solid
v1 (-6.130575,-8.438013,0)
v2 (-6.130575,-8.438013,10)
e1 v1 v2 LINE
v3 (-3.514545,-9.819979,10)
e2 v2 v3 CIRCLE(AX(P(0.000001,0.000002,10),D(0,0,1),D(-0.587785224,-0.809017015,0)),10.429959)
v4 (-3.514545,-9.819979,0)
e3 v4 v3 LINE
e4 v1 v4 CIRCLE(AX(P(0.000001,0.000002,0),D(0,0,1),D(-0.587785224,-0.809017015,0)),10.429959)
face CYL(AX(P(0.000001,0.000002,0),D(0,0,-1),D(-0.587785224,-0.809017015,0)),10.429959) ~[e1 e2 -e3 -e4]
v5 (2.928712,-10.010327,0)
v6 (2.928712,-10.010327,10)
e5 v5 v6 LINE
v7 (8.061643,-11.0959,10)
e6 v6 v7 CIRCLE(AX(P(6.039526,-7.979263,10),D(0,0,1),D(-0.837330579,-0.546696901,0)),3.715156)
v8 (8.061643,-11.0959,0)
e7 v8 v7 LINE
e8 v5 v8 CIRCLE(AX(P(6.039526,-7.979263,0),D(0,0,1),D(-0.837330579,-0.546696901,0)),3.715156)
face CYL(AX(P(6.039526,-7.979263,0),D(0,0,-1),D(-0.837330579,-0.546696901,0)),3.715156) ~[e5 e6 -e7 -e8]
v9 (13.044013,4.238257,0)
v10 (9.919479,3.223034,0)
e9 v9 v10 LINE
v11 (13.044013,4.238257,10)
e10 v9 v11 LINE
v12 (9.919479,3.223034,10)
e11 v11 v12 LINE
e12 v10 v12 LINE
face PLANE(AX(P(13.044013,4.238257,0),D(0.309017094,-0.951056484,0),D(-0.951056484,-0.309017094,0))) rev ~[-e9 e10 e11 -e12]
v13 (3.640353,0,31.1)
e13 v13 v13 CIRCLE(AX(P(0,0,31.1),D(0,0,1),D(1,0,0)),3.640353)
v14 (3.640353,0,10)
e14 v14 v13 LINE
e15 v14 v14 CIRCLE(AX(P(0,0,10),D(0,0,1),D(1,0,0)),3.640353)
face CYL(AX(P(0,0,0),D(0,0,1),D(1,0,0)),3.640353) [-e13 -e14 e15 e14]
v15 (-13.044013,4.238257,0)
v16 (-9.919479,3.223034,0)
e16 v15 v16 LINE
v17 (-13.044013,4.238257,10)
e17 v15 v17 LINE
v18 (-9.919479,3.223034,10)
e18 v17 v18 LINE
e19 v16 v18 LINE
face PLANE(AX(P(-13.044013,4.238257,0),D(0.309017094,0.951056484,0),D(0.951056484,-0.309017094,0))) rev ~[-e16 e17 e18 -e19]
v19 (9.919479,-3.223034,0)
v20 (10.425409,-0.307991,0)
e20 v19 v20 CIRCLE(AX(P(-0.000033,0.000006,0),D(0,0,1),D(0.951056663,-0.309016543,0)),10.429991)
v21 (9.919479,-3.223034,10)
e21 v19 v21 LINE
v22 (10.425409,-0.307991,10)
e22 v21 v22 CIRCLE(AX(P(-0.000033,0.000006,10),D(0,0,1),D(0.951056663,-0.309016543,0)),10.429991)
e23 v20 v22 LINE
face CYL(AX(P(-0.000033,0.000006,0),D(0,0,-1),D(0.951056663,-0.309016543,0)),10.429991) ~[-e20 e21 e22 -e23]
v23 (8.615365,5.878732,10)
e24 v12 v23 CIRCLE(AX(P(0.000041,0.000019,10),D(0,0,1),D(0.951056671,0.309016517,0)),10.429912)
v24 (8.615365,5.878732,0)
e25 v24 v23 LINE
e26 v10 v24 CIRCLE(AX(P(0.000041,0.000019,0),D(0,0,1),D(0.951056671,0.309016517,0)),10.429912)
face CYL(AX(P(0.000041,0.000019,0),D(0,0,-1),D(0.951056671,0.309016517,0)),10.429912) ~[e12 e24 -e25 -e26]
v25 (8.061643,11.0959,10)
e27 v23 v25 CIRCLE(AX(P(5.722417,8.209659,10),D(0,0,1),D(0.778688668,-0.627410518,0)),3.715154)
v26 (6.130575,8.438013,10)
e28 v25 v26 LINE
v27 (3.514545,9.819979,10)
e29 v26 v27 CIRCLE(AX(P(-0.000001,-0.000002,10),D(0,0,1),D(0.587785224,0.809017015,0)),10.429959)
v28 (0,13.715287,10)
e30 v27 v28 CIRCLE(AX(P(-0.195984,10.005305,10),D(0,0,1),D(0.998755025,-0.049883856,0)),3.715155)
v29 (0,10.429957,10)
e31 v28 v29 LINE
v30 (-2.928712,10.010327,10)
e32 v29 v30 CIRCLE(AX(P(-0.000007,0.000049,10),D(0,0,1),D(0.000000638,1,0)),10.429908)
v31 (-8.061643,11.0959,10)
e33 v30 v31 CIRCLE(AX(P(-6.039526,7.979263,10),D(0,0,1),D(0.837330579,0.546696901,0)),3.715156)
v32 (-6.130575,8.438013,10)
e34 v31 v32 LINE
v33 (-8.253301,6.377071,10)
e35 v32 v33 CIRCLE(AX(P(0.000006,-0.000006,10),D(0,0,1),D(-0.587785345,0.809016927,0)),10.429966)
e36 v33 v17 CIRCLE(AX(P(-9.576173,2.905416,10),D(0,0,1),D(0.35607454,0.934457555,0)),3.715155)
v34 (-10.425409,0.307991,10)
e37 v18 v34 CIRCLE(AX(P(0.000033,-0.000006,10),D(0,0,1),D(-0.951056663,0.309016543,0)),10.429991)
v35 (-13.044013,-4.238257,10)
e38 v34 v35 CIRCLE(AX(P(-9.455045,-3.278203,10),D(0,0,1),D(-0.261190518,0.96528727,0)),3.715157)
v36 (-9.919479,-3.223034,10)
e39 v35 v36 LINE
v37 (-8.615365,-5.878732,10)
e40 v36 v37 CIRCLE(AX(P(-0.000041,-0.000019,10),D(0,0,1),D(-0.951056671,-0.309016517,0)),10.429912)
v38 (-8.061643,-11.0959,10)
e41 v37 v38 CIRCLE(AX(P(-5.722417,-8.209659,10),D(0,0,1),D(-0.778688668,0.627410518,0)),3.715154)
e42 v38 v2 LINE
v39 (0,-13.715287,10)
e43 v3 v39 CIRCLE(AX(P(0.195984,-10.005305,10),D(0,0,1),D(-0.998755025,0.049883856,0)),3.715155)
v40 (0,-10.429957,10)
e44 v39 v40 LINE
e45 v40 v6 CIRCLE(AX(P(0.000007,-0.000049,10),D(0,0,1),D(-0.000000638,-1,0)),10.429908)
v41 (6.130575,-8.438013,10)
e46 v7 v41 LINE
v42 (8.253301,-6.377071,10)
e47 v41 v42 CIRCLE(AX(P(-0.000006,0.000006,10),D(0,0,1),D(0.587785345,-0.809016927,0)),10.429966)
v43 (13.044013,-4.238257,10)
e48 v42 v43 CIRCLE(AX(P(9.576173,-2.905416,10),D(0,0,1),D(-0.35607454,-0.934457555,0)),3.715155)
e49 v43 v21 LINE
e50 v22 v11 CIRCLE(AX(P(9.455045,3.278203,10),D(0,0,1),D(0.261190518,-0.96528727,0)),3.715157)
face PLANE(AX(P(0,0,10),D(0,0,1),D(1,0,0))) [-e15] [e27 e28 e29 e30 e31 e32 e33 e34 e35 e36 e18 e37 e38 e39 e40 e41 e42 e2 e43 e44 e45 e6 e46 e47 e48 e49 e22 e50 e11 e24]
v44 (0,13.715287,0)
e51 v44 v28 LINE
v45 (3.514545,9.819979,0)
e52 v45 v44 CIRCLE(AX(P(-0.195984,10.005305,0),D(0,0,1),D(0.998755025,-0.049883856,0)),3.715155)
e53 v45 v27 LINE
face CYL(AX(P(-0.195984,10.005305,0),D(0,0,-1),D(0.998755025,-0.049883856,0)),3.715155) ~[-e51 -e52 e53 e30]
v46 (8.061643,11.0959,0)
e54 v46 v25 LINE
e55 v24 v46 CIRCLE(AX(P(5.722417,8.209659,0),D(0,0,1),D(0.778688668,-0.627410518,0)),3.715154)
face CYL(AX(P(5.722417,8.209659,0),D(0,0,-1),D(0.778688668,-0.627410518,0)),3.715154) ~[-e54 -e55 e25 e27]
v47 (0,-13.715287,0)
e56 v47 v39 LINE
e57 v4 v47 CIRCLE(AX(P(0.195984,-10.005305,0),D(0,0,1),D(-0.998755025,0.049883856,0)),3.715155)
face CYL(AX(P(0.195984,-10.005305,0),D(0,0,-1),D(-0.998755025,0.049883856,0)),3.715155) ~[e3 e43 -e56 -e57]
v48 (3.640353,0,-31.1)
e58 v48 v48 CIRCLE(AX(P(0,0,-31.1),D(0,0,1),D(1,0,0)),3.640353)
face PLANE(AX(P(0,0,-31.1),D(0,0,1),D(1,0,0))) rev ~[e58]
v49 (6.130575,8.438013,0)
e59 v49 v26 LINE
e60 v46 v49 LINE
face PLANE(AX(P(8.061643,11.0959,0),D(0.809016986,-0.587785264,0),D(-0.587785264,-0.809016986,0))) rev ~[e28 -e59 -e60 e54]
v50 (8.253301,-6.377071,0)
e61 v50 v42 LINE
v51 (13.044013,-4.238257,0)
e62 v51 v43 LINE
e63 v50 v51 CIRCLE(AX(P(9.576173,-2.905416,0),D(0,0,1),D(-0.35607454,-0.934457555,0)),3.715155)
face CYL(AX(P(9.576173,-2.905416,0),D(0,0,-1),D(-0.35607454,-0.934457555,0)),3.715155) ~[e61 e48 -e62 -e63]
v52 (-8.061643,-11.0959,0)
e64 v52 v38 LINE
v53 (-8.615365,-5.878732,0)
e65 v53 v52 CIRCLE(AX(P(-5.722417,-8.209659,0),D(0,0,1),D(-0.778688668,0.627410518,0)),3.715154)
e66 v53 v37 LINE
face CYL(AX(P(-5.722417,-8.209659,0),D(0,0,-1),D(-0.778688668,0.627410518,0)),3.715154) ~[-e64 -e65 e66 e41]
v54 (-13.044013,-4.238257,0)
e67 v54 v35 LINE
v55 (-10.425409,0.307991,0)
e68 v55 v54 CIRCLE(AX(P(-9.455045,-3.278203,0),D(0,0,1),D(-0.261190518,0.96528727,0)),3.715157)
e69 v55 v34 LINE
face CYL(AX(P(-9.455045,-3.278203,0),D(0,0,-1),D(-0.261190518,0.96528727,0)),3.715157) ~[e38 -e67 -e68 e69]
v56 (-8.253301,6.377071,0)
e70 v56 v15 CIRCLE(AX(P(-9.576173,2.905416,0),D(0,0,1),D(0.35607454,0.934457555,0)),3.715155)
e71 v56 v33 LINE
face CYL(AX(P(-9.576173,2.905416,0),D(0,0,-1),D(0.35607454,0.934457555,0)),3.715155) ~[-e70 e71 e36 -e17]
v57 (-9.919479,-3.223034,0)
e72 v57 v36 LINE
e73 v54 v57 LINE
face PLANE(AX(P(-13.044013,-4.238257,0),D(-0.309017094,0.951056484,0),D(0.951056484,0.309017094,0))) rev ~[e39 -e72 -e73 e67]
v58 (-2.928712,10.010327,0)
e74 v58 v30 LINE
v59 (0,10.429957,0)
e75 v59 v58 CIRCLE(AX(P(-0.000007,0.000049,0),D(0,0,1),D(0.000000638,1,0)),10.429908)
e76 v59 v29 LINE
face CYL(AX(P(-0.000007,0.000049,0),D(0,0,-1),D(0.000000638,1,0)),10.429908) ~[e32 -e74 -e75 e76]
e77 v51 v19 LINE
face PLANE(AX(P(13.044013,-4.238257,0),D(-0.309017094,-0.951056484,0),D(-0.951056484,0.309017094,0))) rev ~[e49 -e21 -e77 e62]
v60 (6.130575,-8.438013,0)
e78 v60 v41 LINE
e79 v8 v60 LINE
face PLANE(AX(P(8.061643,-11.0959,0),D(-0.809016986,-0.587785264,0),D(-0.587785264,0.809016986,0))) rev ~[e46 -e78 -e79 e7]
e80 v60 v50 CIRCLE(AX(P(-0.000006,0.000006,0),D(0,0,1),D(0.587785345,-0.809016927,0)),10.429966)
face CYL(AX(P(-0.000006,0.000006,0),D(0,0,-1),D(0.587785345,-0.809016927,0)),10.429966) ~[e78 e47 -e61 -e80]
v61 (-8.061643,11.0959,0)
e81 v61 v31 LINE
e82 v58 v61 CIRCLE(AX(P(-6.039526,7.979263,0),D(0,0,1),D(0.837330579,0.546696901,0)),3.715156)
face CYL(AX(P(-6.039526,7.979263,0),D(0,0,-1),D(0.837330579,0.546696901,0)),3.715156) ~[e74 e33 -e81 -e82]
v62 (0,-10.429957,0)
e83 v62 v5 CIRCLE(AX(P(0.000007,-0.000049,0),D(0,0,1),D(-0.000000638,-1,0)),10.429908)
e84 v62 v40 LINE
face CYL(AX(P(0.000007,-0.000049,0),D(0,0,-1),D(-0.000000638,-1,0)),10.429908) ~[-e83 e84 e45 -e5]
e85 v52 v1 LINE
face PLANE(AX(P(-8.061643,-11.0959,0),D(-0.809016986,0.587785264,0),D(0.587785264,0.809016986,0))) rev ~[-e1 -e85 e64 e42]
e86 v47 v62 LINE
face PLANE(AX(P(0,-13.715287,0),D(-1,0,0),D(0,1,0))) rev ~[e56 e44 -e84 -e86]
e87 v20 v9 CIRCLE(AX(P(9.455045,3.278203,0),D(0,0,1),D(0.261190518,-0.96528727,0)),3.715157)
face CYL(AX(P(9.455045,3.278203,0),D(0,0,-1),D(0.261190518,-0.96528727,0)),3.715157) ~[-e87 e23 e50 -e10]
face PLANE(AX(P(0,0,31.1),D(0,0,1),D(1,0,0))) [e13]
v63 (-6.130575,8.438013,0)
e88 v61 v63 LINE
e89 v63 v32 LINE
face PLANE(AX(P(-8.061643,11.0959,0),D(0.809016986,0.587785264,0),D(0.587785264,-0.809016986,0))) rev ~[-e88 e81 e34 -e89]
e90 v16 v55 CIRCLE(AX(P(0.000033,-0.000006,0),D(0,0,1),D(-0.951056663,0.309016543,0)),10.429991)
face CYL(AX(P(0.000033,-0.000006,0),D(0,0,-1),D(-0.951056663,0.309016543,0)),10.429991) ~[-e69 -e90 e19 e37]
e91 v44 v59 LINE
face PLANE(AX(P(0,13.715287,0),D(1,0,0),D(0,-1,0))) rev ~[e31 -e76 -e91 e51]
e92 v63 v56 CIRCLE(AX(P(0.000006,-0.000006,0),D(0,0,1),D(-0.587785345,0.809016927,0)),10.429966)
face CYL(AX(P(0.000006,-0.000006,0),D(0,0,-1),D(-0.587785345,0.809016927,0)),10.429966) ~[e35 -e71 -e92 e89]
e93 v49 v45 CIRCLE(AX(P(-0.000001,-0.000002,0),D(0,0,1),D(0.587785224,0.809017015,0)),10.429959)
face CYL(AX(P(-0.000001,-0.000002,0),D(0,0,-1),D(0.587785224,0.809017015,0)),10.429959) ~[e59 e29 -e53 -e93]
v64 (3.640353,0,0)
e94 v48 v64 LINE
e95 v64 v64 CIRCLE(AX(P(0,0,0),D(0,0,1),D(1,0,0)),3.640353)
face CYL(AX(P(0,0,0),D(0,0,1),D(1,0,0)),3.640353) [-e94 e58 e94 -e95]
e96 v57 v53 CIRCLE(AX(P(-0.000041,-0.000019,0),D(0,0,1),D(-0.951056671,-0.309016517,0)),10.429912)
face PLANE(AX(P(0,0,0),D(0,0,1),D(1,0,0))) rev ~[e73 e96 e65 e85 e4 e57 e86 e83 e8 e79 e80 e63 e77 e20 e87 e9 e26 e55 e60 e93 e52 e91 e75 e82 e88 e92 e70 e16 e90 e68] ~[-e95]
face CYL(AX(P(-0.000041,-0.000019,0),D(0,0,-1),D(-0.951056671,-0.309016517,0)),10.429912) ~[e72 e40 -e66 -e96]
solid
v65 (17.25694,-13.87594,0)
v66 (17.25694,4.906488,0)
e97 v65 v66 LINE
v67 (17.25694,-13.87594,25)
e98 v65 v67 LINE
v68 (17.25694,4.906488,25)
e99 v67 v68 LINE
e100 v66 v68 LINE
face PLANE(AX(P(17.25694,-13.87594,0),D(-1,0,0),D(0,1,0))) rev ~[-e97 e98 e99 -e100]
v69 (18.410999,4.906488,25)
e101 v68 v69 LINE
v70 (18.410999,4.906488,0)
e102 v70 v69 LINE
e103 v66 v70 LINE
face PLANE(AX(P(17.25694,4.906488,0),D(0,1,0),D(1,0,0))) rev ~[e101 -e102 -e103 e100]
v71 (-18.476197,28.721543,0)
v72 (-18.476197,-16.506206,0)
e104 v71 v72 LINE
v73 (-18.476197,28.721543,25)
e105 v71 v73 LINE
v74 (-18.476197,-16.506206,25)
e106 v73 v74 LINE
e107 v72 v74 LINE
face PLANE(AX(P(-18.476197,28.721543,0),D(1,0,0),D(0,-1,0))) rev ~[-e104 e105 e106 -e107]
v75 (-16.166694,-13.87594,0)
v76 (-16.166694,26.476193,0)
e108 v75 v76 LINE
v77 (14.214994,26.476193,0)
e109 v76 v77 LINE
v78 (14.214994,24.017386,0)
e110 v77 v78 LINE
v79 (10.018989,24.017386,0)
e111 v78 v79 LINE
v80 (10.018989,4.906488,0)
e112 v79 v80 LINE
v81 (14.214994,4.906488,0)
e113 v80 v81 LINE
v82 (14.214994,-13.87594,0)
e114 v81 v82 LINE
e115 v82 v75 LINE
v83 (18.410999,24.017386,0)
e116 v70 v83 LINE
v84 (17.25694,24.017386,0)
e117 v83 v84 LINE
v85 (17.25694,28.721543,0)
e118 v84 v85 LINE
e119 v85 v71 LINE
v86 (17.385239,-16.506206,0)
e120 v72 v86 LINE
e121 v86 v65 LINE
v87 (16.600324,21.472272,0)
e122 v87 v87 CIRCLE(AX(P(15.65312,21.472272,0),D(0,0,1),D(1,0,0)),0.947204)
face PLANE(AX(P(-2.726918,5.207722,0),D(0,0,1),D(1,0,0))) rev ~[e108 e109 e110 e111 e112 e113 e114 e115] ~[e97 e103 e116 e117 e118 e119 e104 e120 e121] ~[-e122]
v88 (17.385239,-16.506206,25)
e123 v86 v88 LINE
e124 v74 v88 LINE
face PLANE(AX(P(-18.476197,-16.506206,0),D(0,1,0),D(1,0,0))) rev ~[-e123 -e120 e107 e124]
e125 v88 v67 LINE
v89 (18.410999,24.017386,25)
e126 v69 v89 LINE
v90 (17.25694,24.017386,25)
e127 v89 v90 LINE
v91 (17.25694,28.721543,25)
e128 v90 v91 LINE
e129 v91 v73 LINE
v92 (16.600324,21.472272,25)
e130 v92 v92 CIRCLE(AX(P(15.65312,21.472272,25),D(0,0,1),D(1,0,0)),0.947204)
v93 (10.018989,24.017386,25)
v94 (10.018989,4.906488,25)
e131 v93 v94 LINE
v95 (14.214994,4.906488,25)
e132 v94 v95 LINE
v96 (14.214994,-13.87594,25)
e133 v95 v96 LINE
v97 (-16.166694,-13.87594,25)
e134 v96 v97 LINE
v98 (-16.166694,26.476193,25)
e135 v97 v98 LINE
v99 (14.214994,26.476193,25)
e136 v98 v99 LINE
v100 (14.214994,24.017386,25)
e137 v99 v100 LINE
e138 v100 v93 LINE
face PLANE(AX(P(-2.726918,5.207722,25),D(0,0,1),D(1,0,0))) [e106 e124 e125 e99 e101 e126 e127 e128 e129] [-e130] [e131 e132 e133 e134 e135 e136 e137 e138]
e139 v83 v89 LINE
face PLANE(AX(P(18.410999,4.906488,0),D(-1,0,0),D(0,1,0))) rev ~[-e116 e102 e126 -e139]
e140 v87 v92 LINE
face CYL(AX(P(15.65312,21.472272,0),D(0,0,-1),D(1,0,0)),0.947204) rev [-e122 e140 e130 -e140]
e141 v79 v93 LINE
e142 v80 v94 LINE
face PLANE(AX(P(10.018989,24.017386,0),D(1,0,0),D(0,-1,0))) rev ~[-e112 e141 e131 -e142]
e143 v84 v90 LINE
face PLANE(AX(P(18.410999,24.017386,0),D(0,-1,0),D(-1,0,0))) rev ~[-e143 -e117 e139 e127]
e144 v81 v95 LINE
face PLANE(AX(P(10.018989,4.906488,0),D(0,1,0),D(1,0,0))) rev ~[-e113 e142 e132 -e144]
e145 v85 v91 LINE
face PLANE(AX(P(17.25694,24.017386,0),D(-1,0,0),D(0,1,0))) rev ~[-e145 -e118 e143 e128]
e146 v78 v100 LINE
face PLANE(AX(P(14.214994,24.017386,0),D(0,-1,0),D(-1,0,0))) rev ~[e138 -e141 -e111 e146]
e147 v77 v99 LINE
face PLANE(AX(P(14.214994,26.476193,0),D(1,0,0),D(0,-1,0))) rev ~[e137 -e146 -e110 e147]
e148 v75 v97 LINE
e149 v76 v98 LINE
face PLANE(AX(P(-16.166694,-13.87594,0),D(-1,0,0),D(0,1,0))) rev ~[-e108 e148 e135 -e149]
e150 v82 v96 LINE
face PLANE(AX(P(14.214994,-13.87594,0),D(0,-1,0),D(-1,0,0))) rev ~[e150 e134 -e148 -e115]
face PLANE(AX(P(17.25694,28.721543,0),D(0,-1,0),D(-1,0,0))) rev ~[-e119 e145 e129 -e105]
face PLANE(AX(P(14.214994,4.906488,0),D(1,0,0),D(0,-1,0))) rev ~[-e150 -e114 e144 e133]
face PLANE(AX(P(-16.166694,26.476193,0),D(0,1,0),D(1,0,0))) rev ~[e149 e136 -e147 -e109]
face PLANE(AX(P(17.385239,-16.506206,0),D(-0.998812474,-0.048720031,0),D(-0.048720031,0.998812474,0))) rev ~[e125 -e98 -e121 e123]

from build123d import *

# Parameters (mm, degrees)
F0_R     = 3.640353
F1_DEPTH = 10
F2_R     = 0.947204
F3_DEPTH = 25
F4_DEPTH = 31.1


with BuildPart() as f1:
    # F0 (on Top) → F1 (new body)
    with BuildSketch(Plane.XY):
        with BuildLine():
            Line((-8.061643, 11.0959), (-6.130575, 8.438013))
            ThreePointArc((-6.130575, 8.438013), (-7.265387, 7.483192), (-8.253301, 6.377071))
            ThreePointArc((-8.253301, 6.377071), (-11.09072, 6.297838), (-13.044013, 4.238257))
            Line((-13.044013, 4.238257), (-9.919479, 3.223034))
            ThreePointArc((-9.919479, 3.223034), (-10.276331, 1.783543), (-10.425409, 0.307991))
            ThreePointArc((-10.425409, 0.307991), (-12.674357, -1.423904), (-13.044013, -4.238257))
            Line((-13.044013, -4.238257), (-9.919479, -3.223034))
            ThreePointArc((-9.919479, -3.223034), (-9.362067, -4.59736), (-8.615365, -5.878732))
            ThreePointArc((-8.615365, -5.878732), (-9.416821, -8.601763), (-8.061643, -11.0959))
            Line((-8.061643, -11.0959), (-6.130575, -8.438013))
            ThreePointArc((-6.130575, -8.438013), (-4.871811, -9.222227), (-3.514545, -9.819979))
            ThreePointArc((-3.514545, -9.819979), (-2.562379, -12.494041), (0, -13.715287))
            Line((0, -13.715287), (0, -10.429957))
            ThreePointArc((0, -10.429957), (1.479311, -10.324517), (2.928712, -10.010327))
            ThreePointArc((2.928712, -10.010327), (5.270805, -11.614019), (8.061643, -11.0959))
            Line((8.061643, -11.0959), (6.130575, -8.438013))
            ThreePointArc((6.130575, -8.438013), (7.265387, -7.483192), (8.253301, -6.377071))
            ThreePointArc((8.253301, -6.377071), (11.09072, -6.297838), (13.044013, -4.238257))
            Line((13.044013, -4.238257), (9.919479, -3.223034))
            ThreePointArc((9.919479, -3.223034), (10.276331, -1.783543), (10.425409, -0.307991))
            ThreePointArc((10.425409, -0.307991), (12.674357, 1.423904), (13.044013, 4.238257))
            Line((13.044013, 4.238257), (9.919479, 3.223034))
            ThreePointArc((9.919479, 3.223034), (9.362067, 4.59736), (8.615365, 5.878732))
            ThreePointArc((8.615365, 5.878732), (9.416821, 8.601763), (8.061643, 11.0959))
            Line((8.061643, 11.0959), (6.130575, 8.438013))
            ThreePointArc((6.130575, 8.438013), (4.871811, 9.222227), (3.514545, 9.819979))
            ThreePointArc((3.514545, 9.819979), (2.562379, 12.494041), (0, 13.715287))
            Line((0, 13.715287), (0, 10.429957))
            ThreePointArc((0, 10.429957), (-1.479311, 10.324517), (-2.928712, 10.010327))
            ThreePointArc((-2.928712, 10.010327), (-5.270805, 11.614019), (-8.061643, 11.0959))
        make_face()
        Circle(F0_R, mode=Mode.SUBTRACT)
    extrude(amount=F1_DEPTH)

    # F0 (on Top) → F4 (join, symmetric)
    with BuildSketch(Plane.XY):
        Circle(F0_R)
    extrude(amount=F4_DEPTH, both=True)


with BuildPart() as f3:
    # F2 (on Top) → F3 (new body)
    with BuildSketch(Plane.XY):
        Polygon((17.25694, 4.906488), (14.214994, 4.906488), (14.214994, -13.87594), (-16.166694, -13.87594), (-16.166694, 26.476193), (14.214994, 26.476193), (14.214994, 24.017386), (17.25694, 24.017386), (17.25694, 26.476193), (17.25694, 28.721543), (-18.476197, 28.721543), (-18.476197, -16.506206), (-16.166694, -16.506206), (17.385239, -16.506206), (17.25694, -13.87594), align=None)
        Polygon((10.018989, 24.017386), (10.018989, 4.906488), (14.214994, 4.906488), (17.25694, 4.906488), (18.410999, 4.906488), (18.410999, 24.017386), (17.25694, 24.017386), (14.214994, 24.017386), align=None)
        with Locations((15.65312, 21.472272)):
            Circle(F2_R, mode=Mode.SUBTRACT)
    extrude(amount=F3_DEPTH)


solid = Compound([f1.part, f3.part])
